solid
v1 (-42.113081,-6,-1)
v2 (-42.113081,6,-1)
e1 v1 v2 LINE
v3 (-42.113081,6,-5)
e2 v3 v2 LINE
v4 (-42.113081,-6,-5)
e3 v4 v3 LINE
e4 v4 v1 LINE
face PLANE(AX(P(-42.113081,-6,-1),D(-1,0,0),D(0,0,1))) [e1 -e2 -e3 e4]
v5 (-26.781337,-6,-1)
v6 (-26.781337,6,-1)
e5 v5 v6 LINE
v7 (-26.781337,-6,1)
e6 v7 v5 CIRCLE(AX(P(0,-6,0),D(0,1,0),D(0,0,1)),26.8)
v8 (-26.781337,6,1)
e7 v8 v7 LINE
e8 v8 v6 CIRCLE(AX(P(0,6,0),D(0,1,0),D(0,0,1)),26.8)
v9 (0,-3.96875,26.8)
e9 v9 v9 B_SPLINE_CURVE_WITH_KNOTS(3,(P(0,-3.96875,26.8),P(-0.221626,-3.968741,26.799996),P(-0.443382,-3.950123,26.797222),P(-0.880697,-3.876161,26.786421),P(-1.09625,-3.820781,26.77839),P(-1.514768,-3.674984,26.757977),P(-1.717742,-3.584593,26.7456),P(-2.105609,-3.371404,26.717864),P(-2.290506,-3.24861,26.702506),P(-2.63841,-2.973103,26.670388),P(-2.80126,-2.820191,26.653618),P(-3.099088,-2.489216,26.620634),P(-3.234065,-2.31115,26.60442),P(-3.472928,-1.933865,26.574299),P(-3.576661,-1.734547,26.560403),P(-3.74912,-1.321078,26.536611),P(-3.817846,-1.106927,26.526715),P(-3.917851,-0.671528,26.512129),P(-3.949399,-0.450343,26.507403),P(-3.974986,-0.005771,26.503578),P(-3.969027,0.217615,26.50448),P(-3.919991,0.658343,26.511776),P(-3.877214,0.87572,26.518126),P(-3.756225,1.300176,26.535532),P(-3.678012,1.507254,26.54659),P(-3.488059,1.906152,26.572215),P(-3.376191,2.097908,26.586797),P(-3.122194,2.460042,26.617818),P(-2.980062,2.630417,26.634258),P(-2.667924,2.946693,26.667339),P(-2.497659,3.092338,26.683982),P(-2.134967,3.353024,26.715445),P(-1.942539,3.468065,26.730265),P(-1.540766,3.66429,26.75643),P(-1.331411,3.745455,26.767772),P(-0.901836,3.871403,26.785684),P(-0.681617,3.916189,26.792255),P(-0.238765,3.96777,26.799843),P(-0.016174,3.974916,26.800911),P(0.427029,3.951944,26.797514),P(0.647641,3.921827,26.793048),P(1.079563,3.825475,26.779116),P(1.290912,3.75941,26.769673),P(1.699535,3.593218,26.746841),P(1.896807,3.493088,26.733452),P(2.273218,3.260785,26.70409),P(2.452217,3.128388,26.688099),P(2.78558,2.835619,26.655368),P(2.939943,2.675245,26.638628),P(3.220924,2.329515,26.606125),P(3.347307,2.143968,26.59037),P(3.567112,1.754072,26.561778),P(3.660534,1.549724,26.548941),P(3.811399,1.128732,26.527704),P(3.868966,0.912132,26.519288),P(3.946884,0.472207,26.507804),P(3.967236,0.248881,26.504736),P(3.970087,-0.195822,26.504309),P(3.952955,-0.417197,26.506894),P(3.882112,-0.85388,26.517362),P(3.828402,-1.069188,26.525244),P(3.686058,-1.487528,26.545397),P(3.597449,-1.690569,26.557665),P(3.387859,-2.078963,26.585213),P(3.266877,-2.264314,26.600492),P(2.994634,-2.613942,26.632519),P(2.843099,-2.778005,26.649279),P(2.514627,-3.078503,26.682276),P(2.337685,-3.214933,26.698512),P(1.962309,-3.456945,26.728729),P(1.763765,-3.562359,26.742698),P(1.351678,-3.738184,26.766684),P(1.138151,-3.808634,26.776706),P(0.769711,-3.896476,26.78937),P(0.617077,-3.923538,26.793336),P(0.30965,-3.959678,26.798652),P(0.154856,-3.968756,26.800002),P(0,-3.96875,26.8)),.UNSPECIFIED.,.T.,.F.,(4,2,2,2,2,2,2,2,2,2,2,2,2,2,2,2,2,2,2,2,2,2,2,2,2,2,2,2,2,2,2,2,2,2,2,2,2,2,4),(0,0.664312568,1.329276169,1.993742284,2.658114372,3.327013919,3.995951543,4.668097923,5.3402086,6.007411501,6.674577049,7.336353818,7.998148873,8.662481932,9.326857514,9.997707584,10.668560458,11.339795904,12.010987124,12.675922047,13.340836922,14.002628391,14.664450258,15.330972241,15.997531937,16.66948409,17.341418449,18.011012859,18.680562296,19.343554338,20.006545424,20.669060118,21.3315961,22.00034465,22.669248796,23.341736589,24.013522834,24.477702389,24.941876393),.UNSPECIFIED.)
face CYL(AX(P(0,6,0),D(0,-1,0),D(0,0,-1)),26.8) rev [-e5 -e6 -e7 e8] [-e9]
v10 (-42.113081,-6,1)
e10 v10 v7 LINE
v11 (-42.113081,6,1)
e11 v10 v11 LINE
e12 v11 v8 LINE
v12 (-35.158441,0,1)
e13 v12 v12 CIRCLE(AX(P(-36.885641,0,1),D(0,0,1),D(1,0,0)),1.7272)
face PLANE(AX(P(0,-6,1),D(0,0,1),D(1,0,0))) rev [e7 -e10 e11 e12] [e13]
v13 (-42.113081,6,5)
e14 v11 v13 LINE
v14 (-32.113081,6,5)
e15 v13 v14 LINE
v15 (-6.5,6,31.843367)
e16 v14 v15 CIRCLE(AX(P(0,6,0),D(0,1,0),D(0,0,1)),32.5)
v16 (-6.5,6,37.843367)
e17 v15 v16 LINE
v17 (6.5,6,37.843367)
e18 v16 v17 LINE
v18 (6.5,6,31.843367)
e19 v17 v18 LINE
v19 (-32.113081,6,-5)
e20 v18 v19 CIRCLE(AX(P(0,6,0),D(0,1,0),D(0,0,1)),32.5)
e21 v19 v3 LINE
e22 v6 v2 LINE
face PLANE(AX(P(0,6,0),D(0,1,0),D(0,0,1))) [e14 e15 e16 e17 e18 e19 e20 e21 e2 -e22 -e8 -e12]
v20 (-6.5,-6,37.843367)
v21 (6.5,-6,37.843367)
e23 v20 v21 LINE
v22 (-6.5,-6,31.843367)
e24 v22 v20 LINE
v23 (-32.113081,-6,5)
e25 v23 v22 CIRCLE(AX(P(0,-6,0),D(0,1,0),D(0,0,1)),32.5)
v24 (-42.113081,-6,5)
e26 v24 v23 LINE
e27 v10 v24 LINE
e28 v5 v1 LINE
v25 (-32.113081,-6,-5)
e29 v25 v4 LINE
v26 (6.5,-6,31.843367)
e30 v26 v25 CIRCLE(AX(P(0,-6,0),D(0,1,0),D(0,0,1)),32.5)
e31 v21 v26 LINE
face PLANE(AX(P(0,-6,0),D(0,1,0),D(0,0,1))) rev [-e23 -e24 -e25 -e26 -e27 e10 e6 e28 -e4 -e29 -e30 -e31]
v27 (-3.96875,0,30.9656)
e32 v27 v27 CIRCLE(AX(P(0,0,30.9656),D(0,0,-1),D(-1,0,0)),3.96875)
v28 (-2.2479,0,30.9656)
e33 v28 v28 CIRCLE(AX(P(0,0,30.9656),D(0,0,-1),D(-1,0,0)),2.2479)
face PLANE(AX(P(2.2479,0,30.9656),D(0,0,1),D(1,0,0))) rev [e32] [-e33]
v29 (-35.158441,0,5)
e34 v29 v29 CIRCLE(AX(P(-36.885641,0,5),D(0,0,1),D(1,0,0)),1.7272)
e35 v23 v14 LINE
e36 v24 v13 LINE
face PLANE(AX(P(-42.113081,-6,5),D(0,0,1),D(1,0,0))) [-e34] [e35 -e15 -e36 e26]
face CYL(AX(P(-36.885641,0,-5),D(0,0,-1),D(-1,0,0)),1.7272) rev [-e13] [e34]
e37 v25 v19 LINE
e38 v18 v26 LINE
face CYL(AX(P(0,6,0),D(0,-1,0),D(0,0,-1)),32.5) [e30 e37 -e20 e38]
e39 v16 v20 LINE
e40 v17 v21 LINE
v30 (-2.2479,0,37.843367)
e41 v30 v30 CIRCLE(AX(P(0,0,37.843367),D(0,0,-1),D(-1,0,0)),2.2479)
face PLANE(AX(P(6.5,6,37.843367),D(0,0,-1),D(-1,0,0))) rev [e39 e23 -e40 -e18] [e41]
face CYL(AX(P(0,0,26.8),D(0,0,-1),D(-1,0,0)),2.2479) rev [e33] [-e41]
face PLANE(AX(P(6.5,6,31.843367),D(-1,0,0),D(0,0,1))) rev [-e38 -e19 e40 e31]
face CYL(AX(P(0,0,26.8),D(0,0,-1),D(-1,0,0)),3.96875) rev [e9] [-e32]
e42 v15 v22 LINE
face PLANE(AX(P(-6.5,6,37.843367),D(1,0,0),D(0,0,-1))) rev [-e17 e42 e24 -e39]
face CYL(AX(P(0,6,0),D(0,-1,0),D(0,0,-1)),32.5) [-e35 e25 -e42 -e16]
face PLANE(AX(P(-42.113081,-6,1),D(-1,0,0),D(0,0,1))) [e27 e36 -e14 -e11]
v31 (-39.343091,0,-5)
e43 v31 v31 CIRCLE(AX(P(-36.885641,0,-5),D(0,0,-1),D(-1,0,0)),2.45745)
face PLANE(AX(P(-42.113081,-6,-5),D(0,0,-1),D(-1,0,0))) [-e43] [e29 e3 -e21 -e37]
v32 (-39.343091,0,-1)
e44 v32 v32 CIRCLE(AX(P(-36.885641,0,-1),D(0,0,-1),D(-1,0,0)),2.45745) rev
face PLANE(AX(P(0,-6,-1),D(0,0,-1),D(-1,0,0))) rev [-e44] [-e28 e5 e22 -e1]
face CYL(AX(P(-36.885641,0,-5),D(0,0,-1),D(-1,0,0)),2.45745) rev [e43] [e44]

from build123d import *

# Parameters (mm, degrees)
SKETCH1_R                                      = 26.8
BOSS_EXTRUDE1_DEPTH                            = 6
CBORE_FOR_8_SOCKET_HEAD_CAP_SCREW1_D           = 4.4958
CBORE_FOR_8_SOCKET_HEAD_CAP_SCREW1_DEPTH       = 11.043366656
CBORE_FOR_8_SOCKET_HEAD_CAP_SCREW1_CBORE_D     = 7.9375
CBORE_FOR_8_SOCKET_HEAD_CAP_SCREW1_CBORE_DEPTH = 4.1656
SKETCH3_W                                      = 37.2978219
SKETCH3_H                                      = 2
CUT_EXTRUDE1_DEPTH                             = 12
BOSS_EXTRUDE2_DEPTH                            = 12
F_8_32_TAPPED_HOLE1_D                          = 3.4544
F_8_CLEARANCE_HOLE1_D                          = 4.9149
F_8_CLEARANCE_HOLE1_DEPTH                      = 4
F_8_CLEARANCE_HOLE1_TIP                        = 1.476584928


with BuildPart() as part:
    # Sketch1 → Boss-Extrude1 (new, symmetric)
    with BuildSketch(Plane(origin=(0, 0, 0), x_dir=(1, 0, 0), z_dir=(0, 1, 0))):
        with BuildLine():
            Line((6.5, -31.843366656), (6.5, -37.843366656))
            Line((6.5, -37.843366656), (-6.5, -37.843366656))
            Line((-6.5, -37.843366656), (-6.5, -31.843366656))
            ThreePointArc((-6.5, -31.843366656), (0, 32.5), (6.5, -31.843366656))
        make_face()
        with Locations(Location((0, 0, 0), (0, 0, 270))):
            Circle(SKETCH1_R, mode=Mode.SUBTRACT)
    extrude(amount=BOSS_EXTRUDE1_DEPTH, both=True)

    # CBORE for #8 Socket Head Cap Screw1
    with Locations(Plane(origin=(0, 0, 26.8), x_dir=(-1, 0, 0), z_dir=(0, 0, -1))):
        with Locations((0, 0)):
            CounterBoreHole(CBORE_FOR_8_SOCKET_HEAD_CAP_SCREW1_D / 2, CBORE_FOR_8_SOCKET_HEAD_CAP_SCREW1_CBORE_D / 2, CBORE_FOR_8_SOCKET_HEAD_CAP_SCREW1_CBORE_DEPTH, depth=CBORE_FOR_8_SOCKET_HEAD_CAP_SCREW1_DEPTH)

    # Sketch3 → Cut-Extrude1 (cut)
    with BuildSketch(Plane(origin=(0, 6, 0), x_dir=(1, 0, 0), z_dir=(0, 1, 0))):
        with Locations((-18.64891095, 0)):
            Rectangle(SKETCH3_W, SKETCH3_H)
    extrude(amount=-CUT_EXTRUDE1_DEPTH, mode=Mode.SUBTRACT)

    # Sketch4 → Boss-Extrude2 (add)
    with BuildSketch(Plane(origin=(0, 6, 0), x_dir=(1, 0, 0), z_dir=(0, 1, 0))):
        with BuildLine():
            Line((-32.484611742, -1), (-42.113081447, -1))
            Line((-42.113081447, -1), (-42.113081447, -5))
            Line((-42.113081447, -5), (-32.113081447, -5))
            ThreePointArc((-32.113081447, -5), (-32.360709067, -3.005745946), (-32.484611742, -1))
        make_face()
        with BuildLine():
            Line((-32.484611742, 1), (-42.113081447, 1))
            Line((-42.113081447, 1), (-42.113081447, 5))
            Line((-42.113081447, 5), (-32.113081447, 5))
            ThreePointArc((-32.113081447, 5), (-32.360709067, 3.005745946), (-32.484611742, 1))
        make_face()
    extrude(amount=-BOSS_EXTRUDE2_DEPTH)

    # #8-32 Tapped Hole1 (through all)
    with Locations(Plane(origin=(0, 0, -5), x_dir=(-1, 0, 0), z_dir=(0, 0, -1))):
        with Locations((36.885640573, 0)):
            Hole(F_8_32_TAPPED_HOLE1_D / 2)

    # #8 Clearance Hole1
    with Locations(Plane(origin=(0, 0, -5), x_dir=(-1, 0, 0), z_dir=(0, 0, -1))):
        with Locations((36.885640573, 0)):
            Hole(F_8_CLEARANCE_HOLE1_D / 2, depth=F_8_CLEARANCE_HOLE1_DEPTH)
            with Locations((0, 0, -(F_8_CLEARANCE_HOLE1_DEPTH + F_8_CLEARANCE_HOLE1_TIP / 2))):  # 118° drill point
                Cone(0, F_8_CLEARANCE_HOLE1_D / 2, F_8_CLEARANCE_HOLE1_TIP, mode=Mode.SUBTRACT)


solid = part.part
